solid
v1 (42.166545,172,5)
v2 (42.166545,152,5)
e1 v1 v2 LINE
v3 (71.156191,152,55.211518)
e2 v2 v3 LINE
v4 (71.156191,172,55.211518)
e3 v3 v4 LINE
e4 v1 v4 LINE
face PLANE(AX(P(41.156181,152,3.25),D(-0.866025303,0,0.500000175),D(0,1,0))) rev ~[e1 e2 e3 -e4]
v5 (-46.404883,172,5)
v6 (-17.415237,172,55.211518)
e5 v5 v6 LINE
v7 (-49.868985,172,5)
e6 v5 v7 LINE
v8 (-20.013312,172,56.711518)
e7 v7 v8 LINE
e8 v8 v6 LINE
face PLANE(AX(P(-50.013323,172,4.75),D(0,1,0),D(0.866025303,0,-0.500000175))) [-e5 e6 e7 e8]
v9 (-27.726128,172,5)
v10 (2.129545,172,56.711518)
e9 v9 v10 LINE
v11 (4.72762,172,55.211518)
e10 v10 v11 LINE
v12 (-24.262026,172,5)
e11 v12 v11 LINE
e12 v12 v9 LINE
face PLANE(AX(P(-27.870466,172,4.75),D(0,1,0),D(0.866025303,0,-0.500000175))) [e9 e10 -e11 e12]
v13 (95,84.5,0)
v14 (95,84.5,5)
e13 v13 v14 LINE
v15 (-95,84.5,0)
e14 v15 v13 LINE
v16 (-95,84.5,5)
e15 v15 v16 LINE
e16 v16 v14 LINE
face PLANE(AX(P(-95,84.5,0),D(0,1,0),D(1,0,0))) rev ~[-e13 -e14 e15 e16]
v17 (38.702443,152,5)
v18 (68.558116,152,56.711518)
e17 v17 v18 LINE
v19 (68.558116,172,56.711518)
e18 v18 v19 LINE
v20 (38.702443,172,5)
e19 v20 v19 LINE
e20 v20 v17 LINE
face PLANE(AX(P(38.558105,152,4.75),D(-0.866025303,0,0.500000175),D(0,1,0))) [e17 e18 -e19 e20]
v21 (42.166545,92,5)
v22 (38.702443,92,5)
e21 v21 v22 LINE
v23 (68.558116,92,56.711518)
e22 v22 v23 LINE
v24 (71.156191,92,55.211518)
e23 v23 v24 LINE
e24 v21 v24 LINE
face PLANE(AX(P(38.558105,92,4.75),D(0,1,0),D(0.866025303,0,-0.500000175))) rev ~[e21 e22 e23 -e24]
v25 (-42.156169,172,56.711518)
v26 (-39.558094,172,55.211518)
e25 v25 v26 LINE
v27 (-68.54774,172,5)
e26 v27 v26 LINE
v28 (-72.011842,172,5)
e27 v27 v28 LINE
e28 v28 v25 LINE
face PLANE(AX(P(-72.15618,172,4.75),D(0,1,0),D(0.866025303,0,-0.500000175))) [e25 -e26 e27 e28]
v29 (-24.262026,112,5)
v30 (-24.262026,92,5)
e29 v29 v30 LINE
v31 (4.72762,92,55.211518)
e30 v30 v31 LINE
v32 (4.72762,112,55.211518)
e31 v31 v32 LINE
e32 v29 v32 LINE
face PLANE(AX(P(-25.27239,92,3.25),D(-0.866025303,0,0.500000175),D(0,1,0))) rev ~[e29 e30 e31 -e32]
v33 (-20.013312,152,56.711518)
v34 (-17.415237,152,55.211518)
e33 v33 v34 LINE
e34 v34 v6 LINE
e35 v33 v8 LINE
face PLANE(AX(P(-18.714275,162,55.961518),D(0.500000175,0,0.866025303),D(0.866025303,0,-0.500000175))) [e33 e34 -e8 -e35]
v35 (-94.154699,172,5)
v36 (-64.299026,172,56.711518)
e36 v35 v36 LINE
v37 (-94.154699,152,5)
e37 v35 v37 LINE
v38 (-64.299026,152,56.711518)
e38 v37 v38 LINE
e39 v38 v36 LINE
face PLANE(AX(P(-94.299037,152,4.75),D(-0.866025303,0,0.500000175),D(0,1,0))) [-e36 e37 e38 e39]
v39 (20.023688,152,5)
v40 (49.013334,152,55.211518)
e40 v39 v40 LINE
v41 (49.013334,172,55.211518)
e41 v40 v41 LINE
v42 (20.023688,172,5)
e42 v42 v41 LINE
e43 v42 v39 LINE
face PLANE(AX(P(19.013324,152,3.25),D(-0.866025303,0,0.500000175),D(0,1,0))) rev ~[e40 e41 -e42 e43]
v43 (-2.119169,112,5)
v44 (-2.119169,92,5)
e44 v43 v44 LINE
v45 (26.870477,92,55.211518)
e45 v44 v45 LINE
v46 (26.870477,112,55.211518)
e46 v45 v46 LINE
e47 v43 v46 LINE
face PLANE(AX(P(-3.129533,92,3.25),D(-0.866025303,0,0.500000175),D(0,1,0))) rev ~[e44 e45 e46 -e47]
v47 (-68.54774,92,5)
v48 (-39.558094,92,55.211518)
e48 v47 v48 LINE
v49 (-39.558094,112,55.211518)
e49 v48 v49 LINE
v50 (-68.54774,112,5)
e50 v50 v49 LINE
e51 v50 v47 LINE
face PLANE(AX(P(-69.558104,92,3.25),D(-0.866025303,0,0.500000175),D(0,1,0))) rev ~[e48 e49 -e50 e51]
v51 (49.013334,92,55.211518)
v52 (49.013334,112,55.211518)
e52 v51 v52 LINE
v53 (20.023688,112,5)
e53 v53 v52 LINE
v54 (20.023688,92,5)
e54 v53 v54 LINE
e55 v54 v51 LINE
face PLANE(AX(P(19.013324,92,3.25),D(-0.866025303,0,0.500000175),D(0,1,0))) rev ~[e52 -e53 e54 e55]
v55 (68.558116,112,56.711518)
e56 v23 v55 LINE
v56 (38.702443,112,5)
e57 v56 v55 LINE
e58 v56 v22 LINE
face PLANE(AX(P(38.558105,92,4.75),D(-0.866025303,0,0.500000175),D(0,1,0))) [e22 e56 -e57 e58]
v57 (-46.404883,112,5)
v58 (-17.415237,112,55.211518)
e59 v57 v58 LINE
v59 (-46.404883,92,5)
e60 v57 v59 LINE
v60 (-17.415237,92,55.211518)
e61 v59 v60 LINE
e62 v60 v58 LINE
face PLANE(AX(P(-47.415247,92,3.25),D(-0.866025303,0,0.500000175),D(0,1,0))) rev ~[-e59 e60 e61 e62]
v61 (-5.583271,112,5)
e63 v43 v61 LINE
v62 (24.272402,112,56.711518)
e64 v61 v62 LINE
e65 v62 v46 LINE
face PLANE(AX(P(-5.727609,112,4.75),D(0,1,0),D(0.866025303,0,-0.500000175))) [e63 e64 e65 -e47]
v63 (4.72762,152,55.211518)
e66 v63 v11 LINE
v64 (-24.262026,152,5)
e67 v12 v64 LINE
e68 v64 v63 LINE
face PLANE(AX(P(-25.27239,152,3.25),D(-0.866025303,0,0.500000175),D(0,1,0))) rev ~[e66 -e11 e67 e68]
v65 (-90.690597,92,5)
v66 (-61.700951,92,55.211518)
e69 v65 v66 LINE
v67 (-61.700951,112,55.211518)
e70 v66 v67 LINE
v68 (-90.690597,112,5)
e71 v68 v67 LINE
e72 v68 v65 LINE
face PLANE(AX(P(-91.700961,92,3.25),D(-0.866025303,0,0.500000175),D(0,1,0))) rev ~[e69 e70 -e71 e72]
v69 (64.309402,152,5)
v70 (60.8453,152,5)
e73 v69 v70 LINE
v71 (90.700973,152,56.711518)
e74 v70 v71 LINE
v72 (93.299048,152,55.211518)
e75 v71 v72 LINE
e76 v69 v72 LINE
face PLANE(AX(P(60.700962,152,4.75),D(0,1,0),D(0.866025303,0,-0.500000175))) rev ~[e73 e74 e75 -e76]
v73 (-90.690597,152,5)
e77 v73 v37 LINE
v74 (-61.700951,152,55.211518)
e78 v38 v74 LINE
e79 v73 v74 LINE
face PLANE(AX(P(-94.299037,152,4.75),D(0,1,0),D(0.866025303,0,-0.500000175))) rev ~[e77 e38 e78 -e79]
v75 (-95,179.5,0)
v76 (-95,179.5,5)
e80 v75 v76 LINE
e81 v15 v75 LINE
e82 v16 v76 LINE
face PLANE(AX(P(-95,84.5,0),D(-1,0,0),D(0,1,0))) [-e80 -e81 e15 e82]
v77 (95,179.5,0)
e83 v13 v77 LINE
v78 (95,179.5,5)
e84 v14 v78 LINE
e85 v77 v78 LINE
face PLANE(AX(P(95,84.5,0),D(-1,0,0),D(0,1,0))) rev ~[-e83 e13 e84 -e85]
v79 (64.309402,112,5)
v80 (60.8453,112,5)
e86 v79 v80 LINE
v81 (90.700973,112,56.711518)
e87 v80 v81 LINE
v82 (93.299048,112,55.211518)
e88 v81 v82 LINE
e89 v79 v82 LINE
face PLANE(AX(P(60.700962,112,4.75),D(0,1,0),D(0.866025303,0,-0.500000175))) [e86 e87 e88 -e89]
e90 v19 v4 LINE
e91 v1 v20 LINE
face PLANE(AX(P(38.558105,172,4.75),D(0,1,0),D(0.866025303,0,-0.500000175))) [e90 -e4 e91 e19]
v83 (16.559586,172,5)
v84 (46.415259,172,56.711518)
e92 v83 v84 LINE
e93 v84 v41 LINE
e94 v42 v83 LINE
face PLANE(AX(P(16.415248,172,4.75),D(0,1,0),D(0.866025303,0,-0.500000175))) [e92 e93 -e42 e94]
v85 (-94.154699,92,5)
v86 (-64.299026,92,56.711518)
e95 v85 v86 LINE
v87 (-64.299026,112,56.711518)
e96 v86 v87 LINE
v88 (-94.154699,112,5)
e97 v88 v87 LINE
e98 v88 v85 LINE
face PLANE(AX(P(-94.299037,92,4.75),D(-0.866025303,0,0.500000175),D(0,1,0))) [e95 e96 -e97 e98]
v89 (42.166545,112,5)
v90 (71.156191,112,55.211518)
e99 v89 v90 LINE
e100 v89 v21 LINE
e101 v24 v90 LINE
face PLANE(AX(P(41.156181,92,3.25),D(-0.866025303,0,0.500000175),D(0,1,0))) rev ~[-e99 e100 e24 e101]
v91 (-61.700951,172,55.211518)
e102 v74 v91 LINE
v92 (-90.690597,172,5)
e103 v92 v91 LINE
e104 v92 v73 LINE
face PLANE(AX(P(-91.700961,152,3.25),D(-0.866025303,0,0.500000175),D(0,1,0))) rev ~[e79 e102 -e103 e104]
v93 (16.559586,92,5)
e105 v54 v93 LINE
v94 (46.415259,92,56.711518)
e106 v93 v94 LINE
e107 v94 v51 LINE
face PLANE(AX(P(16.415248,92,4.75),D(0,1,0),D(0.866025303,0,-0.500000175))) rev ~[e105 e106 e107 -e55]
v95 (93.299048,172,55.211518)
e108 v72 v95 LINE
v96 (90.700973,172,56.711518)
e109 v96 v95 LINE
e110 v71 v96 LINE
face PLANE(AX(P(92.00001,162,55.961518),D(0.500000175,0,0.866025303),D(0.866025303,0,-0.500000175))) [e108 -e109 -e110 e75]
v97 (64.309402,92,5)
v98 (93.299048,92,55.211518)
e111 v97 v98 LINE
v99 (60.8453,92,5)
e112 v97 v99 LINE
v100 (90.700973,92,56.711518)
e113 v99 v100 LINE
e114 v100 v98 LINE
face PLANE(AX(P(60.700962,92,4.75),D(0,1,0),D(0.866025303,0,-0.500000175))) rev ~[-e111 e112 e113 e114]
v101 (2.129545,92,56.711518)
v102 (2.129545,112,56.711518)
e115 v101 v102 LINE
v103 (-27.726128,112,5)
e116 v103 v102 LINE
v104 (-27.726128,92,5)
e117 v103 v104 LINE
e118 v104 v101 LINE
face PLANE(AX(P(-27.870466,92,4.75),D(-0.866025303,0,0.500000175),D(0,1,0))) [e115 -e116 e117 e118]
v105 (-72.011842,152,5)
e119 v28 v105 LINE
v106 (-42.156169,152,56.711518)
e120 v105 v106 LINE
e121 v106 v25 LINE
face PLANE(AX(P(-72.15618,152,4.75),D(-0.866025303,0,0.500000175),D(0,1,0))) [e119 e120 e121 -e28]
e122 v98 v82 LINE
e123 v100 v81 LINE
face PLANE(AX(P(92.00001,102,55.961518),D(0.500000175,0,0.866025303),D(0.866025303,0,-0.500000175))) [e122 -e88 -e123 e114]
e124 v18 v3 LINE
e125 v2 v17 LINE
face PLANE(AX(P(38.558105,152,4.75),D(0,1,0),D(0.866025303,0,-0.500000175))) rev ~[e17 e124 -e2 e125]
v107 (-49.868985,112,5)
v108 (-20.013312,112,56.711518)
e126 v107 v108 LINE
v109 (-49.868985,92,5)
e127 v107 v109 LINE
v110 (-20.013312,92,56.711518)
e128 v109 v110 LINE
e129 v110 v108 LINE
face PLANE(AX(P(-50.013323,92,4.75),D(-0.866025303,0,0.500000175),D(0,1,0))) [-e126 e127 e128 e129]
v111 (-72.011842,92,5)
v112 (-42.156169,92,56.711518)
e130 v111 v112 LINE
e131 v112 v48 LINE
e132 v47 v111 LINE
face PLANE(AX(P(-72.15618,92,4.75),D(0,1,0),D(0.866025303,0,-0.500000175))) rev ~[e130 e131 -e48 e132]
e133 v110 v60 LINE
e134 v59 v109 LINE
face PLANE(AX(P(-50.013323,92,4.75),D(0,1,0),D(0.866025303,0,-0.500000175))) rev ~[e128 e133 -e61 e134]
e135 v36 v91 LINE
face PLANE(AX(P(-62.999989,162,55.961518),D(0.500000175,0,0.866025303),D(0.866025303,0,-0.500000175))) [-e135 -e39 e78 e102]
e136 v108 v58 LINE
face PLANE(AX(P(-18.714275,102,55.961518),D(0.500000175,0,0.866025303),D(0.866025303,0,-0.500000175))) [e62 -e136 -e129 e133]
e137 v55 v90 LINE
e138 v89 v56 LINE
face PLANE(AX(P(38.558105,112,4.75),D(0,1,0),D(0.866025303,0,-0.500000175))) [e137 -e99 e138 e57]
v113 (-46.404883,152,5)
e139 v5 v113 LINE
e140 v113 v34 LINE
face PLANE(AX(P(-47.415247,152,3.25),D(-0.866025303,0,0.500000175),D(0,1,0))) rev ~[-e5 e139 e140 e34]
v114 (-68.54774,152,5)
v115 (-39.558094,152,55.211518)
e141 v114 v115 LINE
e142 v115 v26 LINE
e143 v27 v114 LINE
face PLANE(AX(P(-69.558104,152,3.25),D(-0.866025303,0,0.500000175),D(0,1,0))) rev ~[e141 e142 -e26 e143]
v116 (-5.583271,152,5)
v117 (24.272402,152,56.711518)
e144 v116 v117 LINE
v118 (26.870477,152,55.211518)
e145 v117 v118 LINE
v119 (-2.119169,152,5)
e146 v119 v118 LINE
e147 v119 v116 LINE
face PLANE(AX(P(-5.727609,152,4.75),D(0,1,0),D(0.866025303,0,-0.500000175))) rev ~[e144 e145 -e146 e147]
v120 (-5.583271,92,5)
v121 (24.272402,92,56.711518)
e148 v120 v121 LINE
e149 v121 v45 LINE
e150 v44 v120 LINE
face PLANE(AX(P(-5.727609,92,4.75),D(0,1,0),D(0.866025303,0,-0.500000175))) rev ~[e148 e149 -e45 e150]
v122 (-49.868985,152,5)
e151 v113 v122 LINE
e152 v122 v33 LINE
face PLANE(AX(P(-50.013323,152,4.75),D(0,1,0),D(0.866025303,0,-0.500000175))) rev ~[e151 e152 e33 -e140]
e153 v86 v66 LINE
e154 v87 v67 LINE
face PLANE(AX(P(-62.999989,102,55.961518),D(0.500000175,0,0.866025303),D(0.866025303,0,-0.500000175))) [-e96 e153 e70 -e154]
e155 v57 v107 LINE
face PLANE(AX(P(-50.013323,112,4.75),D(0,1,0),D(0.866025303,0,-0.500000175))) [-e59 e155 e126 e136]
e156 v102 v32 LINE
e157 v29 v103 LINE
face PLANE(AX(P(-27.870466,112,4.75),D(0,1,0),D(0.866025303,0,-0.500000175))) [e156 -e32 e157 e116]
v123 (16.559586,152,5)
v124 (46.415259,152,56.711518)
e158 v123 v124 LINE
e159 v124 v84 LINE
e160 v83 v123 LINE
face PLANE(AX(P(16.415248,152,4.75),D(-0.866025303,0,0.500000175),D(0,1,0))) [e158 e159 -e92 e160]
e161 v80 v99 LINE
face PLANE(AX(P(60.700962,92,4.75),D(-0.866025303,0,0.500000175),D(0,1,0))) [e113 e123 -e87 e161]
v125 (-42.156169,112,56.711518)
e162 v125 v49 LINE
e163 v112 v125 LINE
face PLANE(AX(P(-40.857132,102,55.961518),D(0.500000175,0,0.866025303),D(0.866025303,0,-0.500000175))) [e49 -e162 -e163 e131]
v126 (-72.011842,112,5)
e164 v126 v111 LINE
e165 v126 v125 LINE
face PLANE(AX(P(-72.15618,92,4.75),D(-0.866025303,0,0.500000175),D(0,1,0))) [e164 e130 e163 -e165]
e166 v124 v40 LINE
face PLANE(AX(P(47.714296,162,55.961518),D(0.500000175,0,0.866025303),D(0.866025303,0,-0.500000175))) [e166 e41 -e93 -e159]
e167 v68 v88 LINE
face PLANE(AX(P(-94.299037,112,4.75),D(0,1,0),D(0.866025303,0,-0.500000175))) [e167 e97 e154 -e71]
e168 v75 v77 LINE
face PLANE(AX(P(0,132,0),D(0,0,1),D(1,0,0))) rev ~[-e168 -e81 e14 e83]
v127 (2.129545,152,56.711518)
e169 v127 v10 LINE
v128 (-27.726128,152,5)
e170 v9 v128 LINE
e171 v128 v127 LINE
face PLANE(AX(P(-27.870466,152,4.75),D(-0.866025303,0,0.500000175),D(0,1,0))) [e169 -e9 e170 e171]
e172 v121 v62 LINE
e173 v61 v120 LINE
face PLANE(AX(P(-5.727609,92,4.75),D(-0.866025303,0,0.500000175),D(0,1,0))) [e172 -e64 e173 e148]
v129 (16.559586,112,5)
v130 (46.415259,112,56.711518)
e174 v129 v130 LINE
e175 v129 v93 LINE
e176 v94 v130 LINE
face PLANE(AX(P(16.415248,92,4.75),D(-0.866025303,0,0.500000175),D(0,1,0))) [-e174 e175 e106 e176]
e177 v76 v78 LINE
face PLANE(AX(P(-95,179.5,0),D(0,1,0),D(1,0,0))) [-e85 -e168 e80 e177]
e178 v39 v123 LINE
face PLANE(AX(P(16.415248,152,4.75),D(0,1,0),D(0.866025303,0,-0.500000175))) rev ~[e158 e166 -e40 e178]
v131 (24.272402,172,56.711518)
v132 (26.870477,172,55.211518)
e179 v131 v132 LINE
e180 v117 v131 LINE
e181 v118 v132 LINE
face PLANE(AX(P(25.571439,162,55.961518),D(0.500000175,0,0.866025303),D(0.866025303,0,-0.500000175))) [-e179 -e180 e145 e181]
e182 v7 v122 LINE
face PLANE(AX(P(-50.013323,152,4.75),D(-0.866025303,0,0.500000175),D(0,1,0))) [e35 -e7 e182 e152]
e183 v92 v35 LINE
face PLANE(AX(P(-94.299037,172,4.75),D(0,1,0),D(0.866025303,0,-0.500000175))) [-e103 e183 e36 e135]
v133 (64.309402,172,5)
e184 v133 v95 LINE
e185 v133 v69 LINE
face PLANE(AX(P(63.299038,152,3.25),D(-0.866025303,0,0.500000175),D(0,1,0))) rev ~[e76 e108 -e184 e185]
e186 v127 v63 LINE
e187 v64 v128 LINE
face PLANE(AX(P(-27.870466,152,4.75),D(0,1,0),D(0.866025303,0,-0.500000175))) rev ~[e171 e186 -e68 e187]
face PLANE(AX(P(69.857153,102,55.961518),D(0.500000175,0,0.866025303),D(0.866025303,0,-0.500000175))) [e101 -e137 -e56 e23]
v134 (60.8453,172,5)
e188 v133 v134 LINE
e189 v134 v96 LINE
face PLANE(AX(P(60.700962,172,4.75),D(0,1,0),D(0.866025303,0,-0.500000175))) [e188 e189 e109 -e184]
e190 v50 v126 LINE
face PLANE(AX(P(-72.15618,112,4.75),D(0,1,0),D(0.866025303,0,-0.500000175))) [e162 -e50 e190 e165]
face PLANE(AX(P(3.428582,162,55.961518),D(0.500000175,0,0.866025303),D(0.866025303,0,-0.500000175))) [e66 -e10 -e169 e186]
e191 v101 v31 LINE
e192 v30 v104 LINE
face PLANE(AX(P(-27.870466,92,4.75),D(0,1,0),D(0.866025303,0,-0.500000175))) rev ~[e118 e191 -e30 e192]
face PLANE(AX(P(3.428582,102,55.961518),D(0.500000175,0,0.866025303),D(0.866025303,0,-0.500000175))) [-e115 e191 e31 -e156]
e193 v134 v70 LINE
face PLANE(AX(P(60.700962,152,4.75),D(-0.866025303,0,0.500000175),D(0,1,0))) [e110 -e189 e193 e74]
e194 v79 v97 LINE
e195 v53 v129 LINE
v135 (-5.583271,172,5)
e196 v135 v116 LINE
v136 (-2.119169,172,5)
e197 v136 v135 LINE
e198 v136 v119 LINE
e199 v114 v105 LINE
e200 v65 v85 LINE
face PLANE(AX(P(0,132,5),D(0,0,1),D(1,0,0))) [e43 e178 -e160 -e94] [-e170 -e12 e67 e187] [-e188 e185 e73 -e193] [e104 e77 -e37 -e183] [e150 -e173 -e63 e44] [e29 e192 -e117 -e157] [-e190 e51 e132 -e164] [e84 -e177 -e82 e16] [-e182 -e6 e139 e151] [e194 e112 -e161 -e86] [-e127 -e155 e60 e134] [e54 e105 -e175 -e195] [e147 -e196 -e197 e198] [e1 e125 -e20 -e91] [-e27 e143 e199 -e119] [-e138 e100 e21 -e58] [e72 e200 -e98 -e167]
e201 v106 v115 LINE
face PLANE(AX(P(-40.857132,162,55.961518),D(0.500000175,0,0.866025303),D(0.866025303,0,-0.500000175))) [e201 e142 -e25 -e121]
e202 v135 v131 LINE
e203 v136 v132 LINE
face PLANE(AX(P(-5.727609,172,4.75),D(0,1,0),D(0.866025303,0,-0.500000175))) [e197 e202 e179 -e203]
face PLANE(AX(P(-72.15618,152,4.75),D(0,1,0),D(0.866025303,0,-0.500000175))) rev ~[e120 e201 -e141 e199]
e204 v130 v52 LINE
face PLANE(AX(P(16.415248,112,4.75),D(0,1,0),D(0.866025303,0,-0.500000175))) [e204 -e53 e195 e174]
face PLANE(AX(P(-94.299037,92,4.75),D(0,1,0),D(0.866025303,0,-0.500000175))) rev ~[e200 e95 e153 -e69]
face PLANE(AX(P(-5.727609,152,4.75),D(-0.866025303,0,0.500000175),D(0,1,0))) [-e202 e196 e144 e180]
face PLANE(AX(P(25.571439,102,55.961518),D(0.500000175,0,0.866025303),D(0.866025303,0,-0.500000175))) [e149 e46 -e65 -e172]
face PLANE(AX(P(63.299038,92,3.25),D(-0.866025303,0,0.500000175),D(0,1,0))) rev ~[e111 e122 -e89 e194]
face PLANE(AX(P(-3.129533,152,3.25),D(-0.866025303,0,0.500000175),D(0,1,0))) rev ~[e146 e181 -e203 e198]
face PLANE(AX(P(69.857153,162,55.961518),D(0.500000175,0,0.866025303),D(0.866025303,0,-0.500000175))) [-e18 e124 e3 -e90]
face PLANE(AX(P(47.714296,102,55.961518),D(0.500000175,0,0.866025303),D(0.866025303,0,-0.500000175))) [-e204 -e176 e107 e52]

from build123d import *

# Parameters (mm, degrees)
SKETCH022_W            = 190
SKETCH022_H            = 95
PAD014_DEPTH           = 5
SKETCH023_W            = 3
SKETCH023_H            = 20
PAD015_DEPTH           = 60
LINEARPATTERN009_COUNT = 8
LINEARPATTERN009_PITCH = 22.142857


with BuildPart() as part:
    # Sketch022 → Pad014 (new body)
    with BuildSketch(Plane.XY):
        Rectangle(SKETCH022_W, SKETCH022_H)
    extrude(amount=PAD014_DEPTH)

    # Sketch023 (on DatumPlane) → Pad015 (join)
    with BuildSketch(Plane(origin=(62, 0, 4), x_dir=(0.866025, 0, -0.5), z_dir=(0.5, 0, 0.866025))):
        with Locations((0, 30)):
            Rectangle(SKETCH023_W, SKETCH023_H)
        with Locations((0, -30)):
            Rectangle(SKETCH023_W, SKETCH023_H)
    pad015 = extrude(amount=PAD015_DEPTH)

    # LinearPattern009: Pad015 ×8
    with Locations(*[(-i * LINEARPATTERN009_PITCH, 0, 0) for i in range(1, LINEARPATTERN009_COUNT)]):
        add(pad015)


with BuildPart() as part_1:
    # Body007 placement: moved
    add(part.part.moved(Location((0, 132, 0))))


solid = part_1.part
